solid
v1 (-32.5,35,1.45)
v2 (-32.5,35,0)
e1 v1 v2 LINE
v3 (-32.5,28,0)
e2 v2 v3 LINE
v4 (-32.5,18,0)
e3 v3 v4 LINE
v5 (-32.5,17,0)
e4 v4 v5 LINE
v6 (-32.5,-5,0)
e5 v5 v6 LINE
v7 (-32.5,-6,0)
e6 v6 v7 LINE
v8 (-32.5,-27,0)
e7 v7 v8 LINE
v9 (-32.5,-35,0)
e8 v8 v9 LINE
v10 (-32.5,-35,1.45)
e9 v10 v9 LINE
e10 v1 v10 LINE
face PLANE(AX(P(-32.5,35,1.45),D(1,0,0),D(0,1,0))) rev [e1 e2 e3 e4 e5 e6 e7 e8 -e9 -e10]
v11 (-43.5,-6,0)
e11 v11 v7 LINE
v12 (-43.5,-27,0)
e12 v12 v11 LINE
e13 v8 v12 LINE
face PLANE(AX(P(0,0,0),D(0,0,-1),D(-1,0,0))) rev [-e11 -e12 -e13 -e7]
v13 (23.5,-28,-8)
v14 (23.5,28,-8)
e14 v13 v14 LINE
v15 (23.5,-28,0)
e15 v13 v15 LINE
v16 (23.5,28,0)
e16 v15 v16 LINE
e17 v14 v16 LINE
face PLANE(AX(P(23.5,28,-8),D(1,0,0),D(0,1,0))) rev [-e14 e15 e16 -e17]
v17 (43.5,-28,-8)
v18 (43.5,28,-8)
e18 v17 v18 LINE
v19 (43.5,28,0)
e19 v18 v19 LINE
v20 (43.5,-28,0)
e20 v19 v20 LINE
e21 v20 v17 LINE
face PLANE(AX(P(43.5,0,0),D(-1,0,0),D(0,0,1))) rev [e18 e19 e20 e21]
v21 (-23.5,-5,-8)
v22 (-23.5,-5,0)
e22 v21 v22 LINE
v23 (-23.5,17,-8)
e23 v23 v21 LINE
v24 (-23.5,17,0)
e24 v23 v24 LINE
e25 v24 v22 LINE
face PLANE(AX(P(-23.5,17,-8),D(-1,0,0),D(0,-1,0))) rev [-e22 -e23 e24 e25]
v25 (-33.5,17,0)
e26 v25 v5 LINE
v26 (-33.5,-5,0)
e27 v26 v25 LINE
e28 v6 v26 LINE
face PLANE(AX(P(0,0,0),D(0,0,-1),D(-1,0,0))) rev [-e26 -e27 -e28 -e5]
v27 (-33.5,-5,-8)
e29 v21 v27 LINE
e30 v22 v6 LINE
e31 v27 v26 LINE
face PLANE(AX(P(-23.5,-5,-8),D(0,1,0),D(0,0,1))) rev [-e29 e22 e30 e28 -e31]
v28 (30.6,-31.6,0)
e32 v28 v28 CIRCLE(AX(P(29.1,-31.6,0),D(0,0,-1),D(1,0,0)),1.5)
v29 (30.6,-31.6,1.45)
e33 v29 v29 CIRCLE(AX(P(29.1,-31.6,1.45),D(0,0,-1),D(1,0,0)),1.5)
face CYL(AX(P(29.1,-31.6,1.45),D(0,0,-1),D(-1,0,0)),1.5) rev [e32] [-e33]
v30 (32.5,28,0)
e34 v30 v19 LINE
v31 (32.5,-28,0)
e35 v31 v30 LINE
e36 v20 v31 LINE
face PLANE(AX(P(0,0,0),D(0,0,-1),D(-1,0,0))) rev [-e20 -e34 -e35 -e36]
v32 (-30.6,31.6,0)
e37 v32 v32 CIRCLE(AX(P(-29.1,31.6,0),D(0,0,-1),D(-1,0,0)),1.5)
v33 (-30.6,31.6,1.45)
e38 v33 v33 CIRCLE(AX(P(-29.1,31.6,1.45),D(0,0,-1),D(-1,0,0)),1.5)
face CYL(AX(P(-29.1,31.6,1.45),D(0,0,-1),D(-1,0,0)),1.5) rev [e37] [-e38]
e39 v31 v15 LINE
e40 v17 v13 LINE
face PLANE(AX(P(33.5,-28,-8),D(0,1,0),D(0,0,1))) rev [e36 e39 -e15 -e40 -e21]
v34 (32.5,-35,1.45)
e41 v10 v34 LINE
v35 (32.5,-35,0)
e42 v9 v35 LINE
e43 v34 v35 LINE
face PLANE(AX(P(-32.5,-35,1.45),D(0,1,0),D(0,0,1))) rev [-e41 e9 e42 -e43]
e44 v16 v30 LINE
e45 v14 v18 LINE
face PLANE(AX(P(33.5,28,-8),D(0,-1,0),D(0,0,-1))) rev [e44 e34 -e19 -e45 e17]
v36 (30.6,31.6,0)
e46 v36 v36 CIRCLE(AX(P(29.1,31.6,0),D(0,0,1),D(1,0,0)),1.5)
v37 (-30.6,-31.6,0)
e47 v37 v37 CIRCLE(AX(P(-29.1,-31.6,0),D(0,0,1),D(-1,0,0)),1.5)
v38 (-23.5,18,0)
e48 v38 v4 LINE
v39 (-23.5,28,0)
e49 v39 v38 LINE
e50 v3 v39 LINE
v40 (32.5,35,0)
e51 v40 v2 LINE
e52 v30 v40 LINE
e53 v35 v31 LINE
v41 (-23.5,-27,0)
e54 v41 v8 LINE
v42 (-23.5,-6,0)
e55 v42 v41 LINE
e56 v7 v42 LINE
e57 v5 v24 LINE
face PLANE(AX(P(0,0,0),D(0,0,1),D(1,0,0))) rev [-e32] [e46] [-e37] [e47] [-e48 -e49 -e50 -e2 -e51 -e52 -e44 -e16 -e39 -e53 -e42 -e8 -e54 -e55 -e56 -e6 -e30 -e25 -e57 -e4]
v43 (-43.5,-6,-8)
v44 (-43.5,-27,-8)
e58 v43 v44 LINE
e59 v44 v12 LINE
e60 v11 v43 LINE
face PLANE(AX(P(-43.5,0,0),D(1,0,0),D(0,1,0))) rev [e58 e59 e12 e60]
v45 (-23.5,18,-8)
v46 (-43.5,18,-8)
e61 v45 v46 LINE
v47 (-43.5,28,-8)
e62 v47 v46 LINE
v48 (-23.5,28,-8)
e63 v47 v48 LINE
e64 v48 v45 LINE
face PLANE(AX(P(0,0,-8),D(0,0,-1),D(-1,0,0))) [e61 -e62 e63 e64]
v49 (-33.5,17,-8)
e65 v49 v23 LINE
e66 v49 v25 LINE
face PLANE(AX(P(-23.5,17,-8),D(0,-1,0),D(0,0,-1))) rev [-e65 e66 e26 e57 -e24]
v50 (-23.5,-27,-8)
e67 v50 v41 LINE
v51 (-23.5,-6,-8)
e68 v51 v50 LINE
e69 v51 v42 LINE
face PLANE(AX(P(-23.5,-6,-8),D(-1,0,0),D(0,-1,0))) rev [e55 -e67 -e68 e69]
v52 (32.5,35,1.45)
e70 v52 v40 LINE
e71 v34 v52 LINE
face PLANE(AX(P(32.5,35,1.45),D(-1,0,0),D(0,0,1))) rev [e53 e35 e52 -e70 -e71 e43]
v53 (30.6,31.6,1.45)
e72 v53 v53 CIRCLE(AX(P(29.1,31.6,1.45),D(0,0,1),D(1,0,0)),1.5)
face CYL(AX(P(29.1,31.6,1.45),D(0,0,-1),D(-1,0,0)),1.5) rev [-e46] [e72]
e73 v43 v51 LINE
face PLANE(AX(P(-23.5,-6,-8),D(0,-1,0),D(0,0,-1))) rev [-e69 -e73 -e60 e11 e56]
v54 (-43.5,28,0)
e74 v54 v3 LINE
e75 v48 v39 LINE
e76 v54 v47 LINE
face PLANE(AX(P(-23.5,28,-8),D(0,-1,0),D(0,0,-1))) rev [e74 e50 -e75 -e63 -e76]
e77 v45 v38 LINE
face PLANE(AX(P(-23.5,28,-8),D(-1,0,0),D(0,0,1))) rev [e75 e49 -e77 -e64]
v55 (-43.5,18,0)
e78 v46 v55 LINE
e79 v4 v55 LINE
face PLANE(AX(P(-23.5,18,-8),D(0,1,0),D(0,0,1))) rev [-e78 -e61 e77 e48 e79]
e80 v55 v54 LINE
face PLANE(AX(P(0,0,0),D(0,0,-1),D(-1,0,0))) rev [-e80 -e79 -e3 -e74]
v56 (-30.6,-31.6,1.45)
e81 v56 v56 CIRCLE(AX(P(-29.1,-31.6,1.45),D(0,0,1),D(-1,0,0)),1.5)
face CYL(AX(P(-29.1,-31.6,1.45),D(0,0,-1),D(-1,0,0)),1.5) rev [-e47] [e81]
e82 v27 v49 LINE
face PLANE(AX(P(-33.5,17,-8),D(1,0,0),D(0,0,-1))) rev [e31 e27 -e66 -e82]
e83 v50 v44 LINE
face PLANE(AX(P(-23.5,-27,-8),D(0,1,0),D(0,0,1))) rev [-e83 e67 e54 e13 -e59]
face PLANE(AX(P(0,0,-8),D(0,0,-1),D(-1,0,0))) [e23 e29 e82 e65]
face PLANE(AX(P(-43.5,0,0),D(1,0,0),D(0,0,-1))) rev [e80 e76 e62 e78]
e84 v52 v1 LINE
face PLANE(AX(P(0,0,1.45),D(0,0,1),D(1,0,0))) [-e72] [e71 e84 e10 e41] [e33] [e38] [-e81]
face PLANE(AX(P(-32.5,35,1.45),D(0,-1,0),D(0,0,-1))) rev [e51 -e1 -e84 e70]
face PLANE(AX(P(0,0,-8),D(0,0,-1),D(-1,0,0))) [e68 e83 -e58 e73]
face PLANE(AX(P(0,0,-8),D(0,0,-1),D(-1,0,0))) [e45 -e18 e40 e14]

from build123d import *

# Parameters (mm, degrees)
SKETCH_1_W               = 65
SKETCH_1_H               = 70
EXTRUDE_1_DEPTH          = 1.45
SKETCH_2_R               = 1.5
CUT_EXTRUDE_1_DEPTH      = 2.45
MIRROR_2_COPY_1_SKETCH_R = 1.5
MIRROR_2_COPY_1_DEPTH    = 2.45
SKETCH_3_W               = 10
SKETCH_3_H               = 56
EXTRUDE_3_DEPTH          = 8
SKETCH_4_W               = 10
SKETCH_4_H               = 10
EXTRUDE_4_DEPTH          = 8
SKETCH_5_W               = 10
SKETCH_5_H               = 22
EXTRUDE_5_DEPTH          = 8
SKETCH_6_W               = 10
SKETCH_6_H               = 21
EXTRUDE_6_DEPTH          = 8
SKETCH_7_W               = 8
SKETCH_7_H               = 21
EXTRUDE_7_DEPTH          = 10
SKETCH_9_W               = 8
SKETCH_9_H               = 10
EXTRUDE_9_DEPTH          = 10
SKETCH_10_W              = 8
SKETCH_10_H              = 56
EXTRUDE_10_DEPTH         = 10


with BuildPart() as part:
    # 草圖1 → 填料-伸長1 (new body)
    with BuildSketch(Plane.XY):
        Rectangle(SKETCH_1_W, SKETCH_1_H)
    extrude(amount=EXTRUDE_1_DEPTH)

    # 草圖2 → 除料-伸長1 (cut, through all)
    with BuildSketch(Plane(origin=(0, 0, 0), x_dir=(-1, 0, 0), z_dir=(0, 0, -1))):
        with Locations((29.1, 31.6)):
            Circle(SKETCH_2_R)
    cut_extrude_1 = extrude(amount=-CUT_EXTRUDE_1_DEPTH, mode=Mode.SUBTRACT)

    # 鏡射1: 除料-伸長1 across plane
    add(cut_extrude_1.mirror(Plane(origin=(0, 0, 0), x_dir=(0, 0, 1), z_dir=(1, 0, 0))), mode=Mode.SUBTRACT)

    # 鏡射2: 除料-伸長1 across plane
    add(cut_extrude_1.mirror(Plane.ZX), mode=Mode.SUBTRACT)

    # 鏡射2 copy 1 sketch → 鏡射2 copy 1 (cut, through all)
    with BuildSketch(Plane(origin=(0, 0, 0), x_dir=(1, 0, 0), z_dir=(0, 0, -1))):
        with Locations((29.1, 31.6)):
            Circle(MIRROR_2_COPY_1_SKETCH_R)
    extrude(amount=-MIRROR_2_COPY_1_DEPTH, mode=Mode.SUBTRACT)

    # 草圖3 → 填料-伸長3 (add)
    with BuildSketch(Plane(origin=(0, 0, 0), x_dir=(-1, 0, 0), z_dir=(0, 0, -1))):
        with Locations((-28.5, 0)):
            Rectangle(SKETCH_3_W, SKETCH_3_H)
    extrude(amount=EXTRUDE_3_DEPTH)

    # 草圖4 → 填料-伸長4 (add)
    with BuildSketch(Plane(origin=(0, 0, 0), x_dir=(-1, 0, 0), z_dir=(0, 0, -1))):
        with Locations((28.5, 23)):
            Rectangle(SKETCH_4_W, SKETCH_4_H)
    extrude(amount=EXTRUDE_4_DEPTH)

    # 草圖5 → 填料-伸長5 (add)
    with BuildSketch(Plane(origin=(0, 0, 0), x_dir=(-1, 0, 0), z_dir=(0, 0, -1))):
        with Locations((28.5, 6)):
            Rectangle(SKETCH_5_W, SKETCH_5_H)
    extrude(amount=EXTRUDE_5_DEPTH)

    # 草圖6 → 填料-伸長6 (add)
    with BuildSketch(Plane(origin=(0, 0, 0), x_dir=(-1, 0, 0), z_dir=(0, 0, -1))):
        with Locations((28.5, -16.5)):
            Rectangle(SKETCH_6_W, SKETCH_6_H)
    extrude(amount=EXTRUDE_6_DEPTH)

    # 草圖7 → 填料-伸長7 (add)
    with BuildSketch(Plane.ZY.offset(33.5)):
        with Locations((-4, -16.5)):
            Rectangle(SKETCH_7_W, SKETCH_7_H)
    extrude(amount=EXTRUDE_7_DEPTH)

    # 草圖9 → 填料-伸長9 (add)
    with BuildSketch(Plane.ZY.offset(33.5)):
        with Locations((-4, 23)):
            Rectangle(SKETCH_9_W, SKETCH_9_H)
    extrude(amount=EXTRUDE_9_DEPTH)

    # 草圖10 → 填料-伸長10 (add)
    with BuildSketch(Plane(origin=(33.5, 0, 0), x_dir=(0, 0, -1), z_dir=(1, 0, 0))):
        with Locations((4, 0)):
            Rectangle(SKETCH_10_W, SKETCH_10_H)
    extrude(amount=EXTRUDE_10_DEPTH)


solid = part.part
